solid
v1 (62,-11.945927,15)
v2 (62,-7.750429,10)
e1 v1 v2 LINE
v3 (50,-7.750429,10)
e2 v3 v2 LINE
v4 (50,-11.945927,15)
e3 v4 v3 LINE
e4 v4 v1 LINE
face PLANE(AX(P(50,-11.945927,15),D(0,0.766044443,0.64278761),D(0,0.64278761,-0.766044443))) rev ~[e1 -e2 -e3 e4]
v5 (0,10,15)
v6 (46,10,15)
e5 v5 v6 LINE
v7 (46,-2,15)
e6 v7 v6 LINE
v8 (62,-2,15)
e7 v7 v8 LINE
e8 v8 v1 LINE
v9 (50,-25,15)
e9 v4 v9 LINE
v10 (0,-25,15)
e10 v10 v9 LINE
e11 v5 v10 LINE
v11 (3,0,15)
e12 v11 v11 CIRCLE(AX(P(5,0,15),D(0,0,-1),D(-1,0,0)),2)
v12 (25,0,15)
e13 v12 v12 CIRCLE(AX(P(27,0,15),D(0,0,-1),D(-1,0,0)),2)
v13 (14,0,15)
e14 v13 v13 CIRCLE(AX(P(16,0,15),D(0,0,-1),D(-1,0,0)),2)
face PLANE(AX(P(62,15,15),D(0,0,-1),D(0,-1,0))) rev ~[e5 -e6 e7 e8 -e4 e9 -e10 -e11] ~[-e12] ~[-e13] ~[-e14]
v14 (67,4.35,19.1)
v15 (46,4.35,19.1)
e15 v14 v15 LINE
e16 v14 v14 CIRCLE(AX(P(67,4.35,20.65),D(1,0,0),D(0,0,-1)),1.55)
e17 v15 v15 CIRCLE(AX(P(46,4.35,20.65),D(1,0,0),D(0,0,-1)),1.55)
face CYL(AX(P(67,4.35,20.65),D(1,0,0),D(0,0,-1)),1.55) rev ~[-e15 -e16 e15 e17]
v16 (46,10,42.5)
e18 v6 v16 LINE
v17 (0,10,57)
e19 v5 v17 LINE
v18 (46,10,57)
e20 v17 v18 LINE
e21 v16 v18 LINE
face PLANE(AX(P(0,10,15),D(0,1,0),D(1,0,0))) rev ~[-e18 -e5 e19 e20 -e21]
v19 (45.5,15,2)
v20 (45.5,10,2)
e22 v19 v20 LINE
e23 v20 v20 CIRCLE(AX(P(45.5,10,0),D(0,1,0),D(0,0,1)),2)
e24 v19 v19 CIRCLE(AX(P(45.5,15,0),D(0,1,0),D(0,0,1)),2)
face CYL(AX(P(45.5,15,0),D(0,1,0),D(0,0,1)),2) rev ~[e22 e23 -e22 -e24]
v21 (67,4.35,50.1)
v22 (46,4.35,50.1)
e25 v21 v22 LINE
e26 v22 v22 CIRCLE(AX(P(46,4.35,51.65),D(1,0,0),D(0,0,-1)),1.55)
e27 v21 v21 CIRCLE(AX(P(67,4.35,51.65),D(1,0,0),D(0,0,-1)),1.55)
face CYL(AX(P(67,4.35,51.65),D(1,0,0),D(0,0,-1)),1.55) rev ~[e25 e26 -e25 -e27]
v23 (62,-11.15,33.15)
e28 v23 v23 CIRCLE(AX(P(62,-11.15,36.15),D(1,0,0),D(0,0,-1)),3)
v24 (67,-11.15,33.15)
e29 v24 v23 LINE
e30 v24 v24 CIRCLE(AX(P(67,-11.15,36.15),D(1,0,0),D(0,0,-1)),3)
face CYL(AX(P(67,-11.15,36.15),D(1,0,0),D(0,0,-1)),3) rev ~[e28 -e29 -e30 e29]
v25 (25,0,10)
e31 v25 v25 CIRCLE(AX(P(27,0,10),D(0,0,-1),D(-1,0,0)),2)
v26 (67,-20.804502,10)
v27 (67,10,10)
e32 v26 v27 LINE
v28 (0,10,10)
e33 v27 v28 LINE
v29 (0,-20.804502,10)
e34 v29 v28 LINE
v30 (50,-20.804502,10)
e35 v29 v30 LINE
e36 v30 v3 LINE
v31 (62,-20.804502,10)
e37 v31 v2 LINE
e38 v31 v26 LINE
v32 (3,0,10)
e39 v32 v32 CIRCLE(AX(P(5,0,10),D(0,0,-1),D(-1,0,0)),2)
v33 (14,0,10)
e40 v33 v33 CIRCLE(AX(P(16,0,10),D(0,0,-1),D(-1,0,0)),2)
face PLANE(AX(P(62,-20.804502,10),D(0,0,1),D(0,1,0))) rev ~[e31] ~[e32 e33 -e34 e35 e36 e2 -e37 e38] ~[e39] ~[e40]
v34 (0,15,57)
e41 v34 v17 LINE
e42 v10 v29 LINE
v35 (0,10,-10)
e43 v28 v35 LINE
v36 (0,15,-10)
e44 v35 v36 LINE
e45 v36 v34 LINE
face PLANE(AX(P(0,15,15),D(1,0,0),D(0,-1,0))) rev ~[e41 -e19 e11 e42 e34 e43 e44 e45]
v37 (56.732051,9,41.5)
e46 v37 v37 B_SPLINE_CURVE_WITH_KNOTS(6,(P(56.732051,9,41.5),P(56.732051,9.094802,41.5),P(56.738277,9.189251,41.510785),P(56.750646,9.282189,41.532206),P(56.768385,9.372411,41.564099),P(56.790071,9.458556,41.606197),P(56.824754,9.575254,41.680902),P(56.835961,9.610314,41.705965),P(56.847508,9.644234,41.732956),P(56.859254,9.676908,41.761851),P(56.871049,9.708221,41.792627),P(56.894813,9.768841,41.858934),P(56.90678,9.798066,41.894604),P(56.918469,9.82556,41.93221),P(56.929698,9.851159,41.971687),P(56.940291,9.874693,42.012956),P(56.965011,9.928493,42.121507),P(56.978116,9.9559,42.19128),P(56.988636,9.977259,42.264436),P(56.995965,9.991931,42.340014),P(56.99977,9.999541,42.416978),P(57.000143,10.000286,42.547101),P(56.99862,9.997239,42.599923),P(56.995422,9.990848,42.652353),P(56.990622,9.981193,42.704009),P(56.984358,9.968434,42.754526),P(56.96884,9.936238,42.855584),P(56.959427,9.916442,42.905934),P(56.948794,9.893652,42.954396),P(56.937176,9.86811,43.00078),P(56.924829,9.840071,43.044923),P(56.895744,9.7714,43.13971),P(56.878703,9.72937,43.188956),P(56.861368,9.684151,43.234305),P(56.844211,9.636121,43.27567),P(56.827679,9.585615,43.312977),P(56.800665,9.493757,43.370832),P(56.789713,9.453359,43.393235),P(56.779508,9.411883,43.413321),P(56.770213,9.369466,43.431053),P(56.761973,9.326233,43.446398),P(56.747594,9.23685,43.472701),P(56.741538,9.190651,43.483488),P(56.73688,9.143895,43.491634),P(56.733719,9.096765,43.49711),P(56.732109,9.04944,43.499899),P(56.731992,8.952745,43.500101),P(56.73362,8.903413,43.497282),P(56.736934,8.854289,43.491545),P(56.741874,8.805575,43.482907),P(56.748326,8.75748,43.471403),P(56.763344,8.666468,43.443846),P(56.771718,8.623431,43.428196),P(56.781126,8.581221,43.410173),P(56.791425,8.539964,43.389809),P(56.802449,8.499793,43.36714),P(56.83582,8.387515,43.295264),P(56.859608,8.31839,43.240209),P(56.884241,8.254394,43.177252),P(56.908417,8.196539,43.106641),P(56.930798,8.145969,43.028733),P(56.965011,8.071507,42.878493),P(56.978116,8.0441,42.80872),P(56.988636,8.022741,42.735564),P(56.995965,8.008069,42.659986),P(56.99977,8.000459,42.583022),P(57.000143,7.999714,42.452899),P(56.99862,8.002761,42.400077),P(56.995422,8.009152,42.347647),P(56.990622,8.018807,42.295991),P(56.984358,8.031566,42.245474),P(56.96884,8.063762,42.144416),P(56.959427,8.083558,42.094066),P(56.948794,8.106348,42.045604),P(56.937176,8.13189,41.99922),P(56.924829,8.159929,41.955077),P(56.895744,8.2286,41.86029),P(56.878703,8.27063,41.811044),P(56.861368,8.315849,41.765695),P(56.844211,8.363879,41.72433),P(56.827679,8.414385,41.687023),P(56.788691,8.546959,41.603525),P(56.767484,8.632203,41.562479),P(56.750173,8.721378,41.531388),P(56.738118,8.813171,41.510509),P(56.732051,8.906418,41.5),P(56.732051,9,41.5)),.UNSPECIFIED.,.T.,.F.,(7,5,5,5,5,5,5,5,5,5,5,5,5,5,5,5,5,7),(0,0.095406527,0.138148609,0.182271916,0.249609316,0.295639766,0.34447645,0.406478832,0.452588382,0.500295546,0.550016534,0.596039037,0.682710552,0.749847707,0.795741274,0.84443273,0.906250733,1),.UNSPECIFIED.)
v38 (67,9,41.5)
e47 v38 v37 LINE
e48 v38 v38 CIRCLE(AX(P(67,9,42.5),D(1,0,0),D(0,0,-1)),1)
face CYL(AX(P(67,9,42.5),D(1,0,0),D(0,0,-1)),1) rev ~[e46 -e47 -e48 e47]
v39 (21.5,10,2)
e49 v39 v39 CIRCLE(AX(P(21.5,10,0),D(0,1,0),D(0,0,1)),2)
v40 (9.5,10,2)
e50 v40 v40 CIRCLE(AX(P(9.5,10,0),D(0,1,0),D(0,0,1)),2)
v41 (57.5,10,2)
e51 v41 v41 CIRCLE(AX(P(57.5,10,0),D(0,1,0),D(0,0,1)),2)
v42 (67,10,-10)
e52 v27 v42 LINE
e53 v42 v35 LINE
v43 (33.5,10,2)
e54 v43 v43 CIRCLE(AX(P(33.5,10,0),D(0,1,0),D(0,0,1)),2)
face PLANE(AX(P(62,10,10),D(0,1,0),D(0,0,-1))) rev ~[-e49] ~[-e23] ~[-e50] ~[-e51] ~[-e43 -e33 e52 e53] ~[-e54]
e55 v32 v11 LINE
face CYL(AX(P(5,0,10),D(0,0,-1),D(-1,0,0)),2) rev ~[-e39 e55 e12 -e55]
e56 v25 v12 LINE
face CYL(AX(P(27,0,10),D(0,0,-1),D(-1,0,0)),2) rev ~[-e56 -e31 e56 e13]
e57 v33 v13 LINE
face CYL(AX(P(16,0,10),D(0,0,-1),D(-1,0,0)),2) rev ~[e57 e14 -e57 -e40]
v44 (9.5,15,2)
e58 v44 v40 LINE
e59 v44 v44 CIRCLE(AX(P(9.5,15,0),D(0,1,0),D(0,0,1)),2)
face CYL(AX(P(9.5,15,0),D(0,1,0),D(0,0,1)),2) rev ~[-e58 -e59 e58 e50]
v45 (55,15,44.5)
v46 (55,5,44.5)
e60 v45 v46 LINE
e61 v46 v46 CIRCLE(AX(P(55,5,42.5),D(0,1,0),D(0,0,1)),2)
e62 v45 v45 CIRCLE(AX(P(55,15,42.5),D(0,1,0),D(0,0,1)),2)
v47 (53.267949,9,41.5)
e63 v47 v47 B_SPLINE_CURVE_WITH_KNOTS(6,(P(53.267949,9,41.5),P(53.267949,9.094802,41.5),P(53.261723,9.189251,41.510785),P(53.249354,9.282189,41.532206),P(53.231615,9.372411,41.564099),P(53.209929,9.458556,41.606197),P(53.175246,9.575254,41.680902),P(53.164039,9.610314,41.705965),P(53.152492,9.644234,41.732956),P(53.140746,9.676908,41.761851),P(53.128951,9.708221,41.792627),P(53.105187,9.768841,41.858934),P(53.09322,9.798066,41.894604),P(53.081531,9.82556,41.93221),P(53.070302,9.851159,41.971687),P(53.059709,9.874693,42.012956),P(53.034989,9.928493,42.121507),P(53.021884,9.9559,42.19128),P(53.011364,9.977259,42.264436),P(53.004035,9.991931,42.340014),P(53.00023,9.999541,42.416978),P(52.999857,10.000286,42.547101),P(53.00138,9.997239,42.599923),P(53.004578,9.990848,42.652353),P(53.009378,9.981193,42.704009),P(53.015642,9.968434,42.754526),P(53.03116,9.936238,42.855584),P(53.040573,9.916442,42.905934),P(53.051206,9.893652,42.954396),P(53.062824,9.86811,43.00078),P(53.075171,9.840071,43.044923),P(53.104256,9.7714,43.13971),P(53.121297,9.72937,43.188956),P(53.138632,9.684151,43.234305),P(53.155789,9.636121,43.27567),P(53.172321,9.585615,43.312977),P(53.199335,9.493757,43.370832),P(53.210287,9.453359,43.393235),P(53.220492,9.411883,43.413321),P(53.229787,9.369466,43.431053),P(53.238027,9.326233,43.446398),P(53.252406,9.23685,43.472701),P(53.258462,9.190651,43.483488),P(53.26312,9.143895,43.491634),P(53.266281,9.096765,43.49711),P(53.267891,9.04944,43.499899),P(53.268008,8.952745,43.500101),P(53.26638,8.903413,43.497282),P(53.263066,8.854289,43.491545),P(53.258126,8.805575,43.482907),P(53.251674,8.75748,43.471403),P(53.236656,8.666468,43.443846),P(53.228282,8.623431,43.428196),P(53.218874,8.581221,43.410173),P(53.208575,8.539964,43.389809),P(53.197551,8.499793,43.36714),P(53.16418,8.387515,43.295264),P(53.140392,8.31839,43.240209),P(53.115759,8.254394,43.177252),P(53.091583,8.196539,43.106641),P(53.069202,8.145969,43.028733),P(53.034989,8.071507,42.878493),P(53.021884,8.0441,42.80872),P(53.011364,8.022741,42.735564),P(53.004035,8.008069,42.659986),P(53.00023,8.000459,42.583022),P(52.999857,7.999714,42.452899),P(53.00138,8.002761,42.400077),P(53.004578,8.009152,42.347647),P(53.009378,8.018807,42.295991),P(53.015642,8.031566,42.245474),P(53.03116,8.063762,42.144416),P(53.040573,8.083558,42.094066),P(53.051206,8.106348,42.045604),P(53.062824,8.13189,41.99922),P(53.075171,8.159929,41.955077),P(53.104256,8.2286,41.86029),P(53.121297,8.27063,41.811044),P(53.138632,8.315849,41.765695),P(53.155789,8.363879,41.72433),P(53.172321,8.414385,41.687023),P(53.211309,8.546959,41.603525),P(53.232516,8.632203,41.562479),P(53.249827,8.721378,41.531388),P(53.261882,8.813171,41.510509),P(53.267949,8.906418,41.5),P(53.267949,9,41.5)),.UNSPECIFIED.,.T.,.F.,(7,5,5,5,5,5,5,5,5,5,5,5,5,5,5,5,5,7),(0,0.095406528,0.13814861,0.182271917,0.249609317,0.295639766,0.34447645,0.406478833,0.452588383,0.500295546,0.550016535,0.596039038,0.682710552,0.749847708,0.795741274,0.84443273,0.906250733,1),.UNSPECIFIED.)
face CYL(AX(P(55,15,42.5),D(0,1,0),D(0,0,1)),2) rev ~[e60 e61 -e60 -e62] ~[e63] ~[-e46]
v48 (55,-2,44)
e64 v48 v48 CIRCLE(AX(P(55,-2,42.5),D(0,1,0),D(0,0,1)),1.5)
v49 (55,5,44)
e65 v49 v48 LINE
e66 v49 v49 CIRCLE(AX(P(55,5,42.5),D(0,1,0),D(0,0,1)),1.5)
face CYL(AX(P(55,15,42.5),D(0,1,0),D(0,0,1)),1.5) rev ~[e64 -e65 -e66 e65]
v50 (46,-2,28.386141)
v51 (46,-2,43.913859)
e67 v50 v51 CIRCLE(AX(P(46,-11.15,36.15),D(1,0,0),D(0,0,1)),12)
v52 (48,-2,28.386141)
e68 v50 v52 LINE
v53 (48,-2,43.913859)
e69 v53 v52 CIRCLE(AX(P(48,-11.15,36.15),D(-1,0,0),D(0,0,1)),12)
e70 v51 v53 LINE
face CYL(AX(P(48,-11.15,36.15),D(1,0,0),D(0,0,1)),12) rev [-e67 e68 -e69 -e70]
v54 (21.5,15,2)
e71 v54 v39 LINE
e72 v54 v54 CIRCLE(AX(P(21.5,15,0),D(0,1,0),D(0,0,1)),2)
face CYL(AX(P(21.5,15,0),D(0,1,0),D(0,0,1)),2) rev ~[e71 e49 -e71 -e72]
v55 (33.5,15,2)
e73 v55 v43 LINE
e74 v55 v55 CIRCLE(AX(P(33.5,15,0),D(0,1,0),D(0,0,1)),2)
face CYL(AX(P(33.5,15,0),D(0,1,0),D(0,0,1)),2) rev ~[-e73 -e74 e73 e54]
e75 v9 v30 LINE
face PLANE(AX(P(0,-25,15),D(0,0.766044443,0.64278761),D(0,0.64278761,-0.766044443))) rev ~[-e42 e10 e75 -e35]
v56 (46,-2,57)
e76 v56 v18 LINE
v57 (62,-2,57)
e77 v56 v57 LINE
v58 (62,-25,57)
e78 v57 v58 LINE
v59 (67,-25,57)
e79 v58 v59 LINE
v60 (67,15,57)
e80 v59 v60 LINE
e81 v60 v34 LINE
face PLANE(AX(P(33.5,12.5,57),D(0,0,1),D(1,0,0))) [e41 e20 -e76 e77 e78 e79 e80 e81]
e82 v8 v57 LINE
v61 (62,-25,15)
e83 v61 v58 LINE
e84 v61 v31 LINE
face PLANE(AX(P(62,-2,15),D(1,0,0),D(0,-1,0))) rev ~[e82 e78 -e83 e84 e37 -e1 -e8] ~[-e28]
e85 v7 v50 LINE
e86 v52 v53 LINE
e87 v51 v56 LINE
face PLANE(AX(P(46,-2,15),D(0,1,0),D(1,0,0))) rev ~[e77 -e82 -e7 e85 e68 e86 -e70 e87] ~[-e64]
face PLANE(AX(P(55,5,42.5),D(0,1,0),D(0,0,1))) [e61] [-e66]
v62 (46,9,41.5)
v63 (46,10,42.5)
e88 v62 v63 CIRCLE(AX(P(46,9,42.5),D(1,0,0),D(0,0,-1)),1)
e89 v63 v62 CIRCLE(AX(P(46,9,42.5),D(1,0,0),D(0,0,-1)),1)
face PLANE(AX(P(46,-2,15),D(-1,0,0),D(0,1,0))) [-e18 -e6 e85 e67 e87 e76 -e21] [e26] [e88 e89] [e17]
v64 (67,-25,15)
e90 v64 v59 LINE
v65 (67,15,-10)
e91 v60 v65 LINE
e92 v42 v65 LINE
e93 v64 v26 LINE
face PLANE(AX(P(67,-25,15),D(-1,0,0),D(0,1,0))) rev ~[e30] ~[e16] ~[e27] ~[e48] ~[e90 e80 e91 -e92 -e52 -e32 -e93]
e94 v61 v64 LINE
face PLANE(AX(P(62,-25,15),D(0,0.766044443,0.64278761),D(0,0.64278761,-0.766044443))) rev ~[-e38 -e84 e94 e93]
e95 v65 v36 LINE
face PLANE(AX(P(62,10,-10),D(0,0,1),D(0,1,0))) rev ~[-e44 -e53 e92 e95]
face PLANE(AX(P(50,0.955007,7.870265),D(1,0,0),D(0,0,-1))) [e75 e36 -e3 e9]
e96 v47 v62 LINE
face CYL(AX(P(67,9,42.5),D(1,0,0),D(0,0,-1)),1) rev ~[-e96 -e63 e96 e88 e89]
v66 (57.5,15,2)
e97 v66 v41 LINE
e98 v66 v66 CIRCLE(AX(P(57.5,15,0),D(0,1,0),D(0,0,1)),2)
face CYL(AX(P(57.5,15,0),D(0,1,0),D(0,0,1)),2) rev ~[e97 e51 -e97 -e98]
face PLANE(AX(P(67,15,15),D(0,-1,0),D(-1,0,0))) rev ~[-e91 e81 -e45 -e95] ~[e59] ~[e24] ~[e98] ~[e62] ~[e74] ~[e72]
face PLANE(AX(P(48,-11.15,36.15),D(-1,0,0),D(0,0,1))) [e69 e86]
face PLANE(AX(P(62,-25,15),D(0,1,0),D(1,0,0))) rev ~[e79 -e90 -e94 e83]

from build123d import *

# Parameters (mm, degrees)
BOSS_EXTRUDE1_DEPTH = 50
BOSS_EXTRUDE2_DEPTH = 12
BOSS_EXTRUDE3_DEPTH = 5
SKETCH5_W           = 16
SKETCH5_H           = 12
BOSS_EXTRUDE4_DEPTH = 42
SKETCH6_R           = 3
CUT_EXTRUDE1_DEPTH  = 92.449439583
CUT_EXTRUDE2_START  = 14
SKETCH7_R           = 12
CUT_EXTRUDE2_DEPTH  = 74.852148522
SKETCH8_R           = 1.55
CUT_EXTRUDE3_DEPTH  = 92.449439583
SKETCH9_R           = 1.5
CUT_EXTRUDE4_DEPTH  = 42
SKETCH10_R          = 2
CUT_EXTRUDE5_DEPTH  = 10
SKETCH11_R          = 1
CUT_EXTRUDE6_DEPTH  = 92.449439583
SKETCH12_R          = 2
CUT_EXTRUDE7_DEPTH  = 10
SKETCH13_R          = 2
CUT_EXTRUDE8_DEPTH  = 10


with BuildPart() as part:
    # Sketch1 → Boss-Extrude1 (new body)
    with BuildSketch(Plane(origin=(0, 0, 0), x_dir=(0, 0, -1), z_dir=(1, 0, 0))):
        Polygon((-15, 15), (-15, -25), (-10, -20.804501844), (-10, -10), (-10, 10), (10, 10), (10, 15), align=None)
    extrude(amount=BOSS_EXTRUDE1_DEPTH)

    # Sketch2 → Boss-Extrude2 (add)
    with BuildSketch(Plane(origin=(50, 0, 0), x_dir=(0, 0, -1), z_dir=(1, 0, 0))):
        Polygon((-15, 15), (-15, -11.945927107), (-10, -7.750428951), (-10, 10), (10, 10), (10, 15), align=None)
    extrude(amount=BOSS_EXTRUDE2_DEPTH)

    # Sketch4 → Boss-Extrude3 (add)
    with BuildSketch(Plane(origin=(62, 0, 0), x_dir=(0, 0, -1), z_dir=(1, 0, 0))):
        Polygon((10, 15), (-15, 15), (-15, -11.945927107), (-10, -7.750428951), (-10, 10), (10, 10), align=None)
        Polygon((-15, -25), (-10, -20.804501844), (-10, -7.750428951), (-15, -11.945927107), align=None)
    extrude(amount=BOSS_EXTRUDE3_DEPTH)

    # Sketch5 → Boss-Extrude4 (add)
    with BuildSketch(Plane.XY.offset(15)):
        Polygon((67, 15), (0, 15), (0, 10), (46, 10), (62, 10), (67, 10), align=None)
        with Locations((54, 4)):
            Rectangle(SKETCH5_W, SKETCH5_H)
        Polygon((67, -25), (67, 10), (62, 10), (62, -2), (62, -11.945927107), (62, -25), align=None)
    extrude(amount=BOSS_EXTRUDE4_DEPTH)

    # Sketch6 → Cut-Extrude1 (cut, through all)
    with BuildSketch(Plane(origin=(67, 0, 0), x_dir=(0, 0, -1), z_dir=(1, 0, 0))):
        with Locations((-36.15, -11.15)):
            Circle(SKETCH6_R)
    extrude(amount=-CUT_EXTRUDE1_DEPTH, mode=Mode.SUBTRACT)

    # Sketch7 → Cut-Extrude2 (cut, through all)
    with BuildSketch(Plane.ZY.offset(-62).offset(CUT_EXTRUDE2_START)):
        with Locations((36.15, -11.15)):
            Circle(SKETCH7_R)
    extrude(amount=CUT_EXTRUDE2_DEPTH, mode=Mode.SUBTRACT)

    # Sketch8 → Cut-Extrude3 (cut, through all)
    with BuildSketch(Plane(origin=(67, 0, 0), x_dir=(0, 0, -1), z_dir=(1, 0, 0))):
        with Locations((-51.65, 4.35)):
            Circle(SKETCH8_R)
        with Locations((-20.65, 4.35)):
            Circle(SKETCH8_R)
    extrude(amount=-CUT_EXTRUDE3_DEPTH, mode=Mode.SUBTRACT)

    # Sketch9 → Cut-Extrude4 (cut)
    with BuildSketch(Plane(origin=(0, 15, 0), x_dir=(1, 0, 0), z_dir=(0, 1, 0))):
        with Locations(Location((55, -42.5, 0), (0, 0, 270))):
            Circle(SKETCH9_R)
    extrude(amount=-CUT_EXTRUDE4_DEPTH, mode=Mode.SUBTRACT)

    # Sketch10 → Cut-Extrude5 (cut)
    with BuildSketch(Plane(origin=(0, 15, 0), x_dir=(1, 0, 0), z_dir=(0, 1, 0))):
        with Locations(Location((55, -42.5, 0), (0, 0, 270))):
            Circle(SKETCH10_R)
    extrude(amount=-CUT_EXTRUDE5_DEPTH, mode=Mode.SUBTRACT)

    # Sketch11 → Cut-Extrude6 (cut, through all)
    with BuildSketch(Plane(origin=(67, 0, 0), x_dir=(0, 0, -1), z_dir=(1, 0, 0))):
        with Locations((-42.5, 9)):
            Circle(SKETCH11_R)
    extrude(amount=-CUT_EXTRUDE6_DEPTH, mode=Mode.SUBTRACT)

    # Sketch12 → Cut-Extrude7 (cut)
    with BuildSketch(Plane(origin=(0, 15, 0), x_dir=(1, 0, 0), z_dir=(0, 1, 0))):
        with Locations(Location((9.5, 0, 0), (0, 0, 270))):
            Circle(SKETCH12_R)
        with Locations(Location((21.5, 0, 0), (0, 0, 270))):
            Circle(SKETCH12_R)
        with Locations(Location((33.5, 0, 0), (0, 0, 270))):
            Circle(SKETCH12_R)
        with Locations(Location((45.5, 0, 0), (0, 0, 270))):
            Circle(SKETCH12_R)
        with Locations(Location((57.5, 0, 0), (0, 0, 270))):
            Circle(SKETCH12_R)
    extrude(amount=-CUT_EXTRUDE7_DEPTH, mode=Mode.SUBTRACT)

    # Sketch13 → Cut-Extrude8 (cut)
    with BuildSketch(Plane(origin=(0, 0, 10), x_dir=(-1, 0, 0), z_dir=(0, 0, -1))):
        with Locations((-5, 0)):
            Circle(SKETCH13_R)
        with Locations((-16, 0)):
            Circle(SKETCH13_R)
        with Locations((-27, 0)):
            Circle(SKETCH13_R)
    extrude(amount=-CUT_EXTRUDE8_DEPTH, mode=Mode.SUBTRACT)


solid = part.part
